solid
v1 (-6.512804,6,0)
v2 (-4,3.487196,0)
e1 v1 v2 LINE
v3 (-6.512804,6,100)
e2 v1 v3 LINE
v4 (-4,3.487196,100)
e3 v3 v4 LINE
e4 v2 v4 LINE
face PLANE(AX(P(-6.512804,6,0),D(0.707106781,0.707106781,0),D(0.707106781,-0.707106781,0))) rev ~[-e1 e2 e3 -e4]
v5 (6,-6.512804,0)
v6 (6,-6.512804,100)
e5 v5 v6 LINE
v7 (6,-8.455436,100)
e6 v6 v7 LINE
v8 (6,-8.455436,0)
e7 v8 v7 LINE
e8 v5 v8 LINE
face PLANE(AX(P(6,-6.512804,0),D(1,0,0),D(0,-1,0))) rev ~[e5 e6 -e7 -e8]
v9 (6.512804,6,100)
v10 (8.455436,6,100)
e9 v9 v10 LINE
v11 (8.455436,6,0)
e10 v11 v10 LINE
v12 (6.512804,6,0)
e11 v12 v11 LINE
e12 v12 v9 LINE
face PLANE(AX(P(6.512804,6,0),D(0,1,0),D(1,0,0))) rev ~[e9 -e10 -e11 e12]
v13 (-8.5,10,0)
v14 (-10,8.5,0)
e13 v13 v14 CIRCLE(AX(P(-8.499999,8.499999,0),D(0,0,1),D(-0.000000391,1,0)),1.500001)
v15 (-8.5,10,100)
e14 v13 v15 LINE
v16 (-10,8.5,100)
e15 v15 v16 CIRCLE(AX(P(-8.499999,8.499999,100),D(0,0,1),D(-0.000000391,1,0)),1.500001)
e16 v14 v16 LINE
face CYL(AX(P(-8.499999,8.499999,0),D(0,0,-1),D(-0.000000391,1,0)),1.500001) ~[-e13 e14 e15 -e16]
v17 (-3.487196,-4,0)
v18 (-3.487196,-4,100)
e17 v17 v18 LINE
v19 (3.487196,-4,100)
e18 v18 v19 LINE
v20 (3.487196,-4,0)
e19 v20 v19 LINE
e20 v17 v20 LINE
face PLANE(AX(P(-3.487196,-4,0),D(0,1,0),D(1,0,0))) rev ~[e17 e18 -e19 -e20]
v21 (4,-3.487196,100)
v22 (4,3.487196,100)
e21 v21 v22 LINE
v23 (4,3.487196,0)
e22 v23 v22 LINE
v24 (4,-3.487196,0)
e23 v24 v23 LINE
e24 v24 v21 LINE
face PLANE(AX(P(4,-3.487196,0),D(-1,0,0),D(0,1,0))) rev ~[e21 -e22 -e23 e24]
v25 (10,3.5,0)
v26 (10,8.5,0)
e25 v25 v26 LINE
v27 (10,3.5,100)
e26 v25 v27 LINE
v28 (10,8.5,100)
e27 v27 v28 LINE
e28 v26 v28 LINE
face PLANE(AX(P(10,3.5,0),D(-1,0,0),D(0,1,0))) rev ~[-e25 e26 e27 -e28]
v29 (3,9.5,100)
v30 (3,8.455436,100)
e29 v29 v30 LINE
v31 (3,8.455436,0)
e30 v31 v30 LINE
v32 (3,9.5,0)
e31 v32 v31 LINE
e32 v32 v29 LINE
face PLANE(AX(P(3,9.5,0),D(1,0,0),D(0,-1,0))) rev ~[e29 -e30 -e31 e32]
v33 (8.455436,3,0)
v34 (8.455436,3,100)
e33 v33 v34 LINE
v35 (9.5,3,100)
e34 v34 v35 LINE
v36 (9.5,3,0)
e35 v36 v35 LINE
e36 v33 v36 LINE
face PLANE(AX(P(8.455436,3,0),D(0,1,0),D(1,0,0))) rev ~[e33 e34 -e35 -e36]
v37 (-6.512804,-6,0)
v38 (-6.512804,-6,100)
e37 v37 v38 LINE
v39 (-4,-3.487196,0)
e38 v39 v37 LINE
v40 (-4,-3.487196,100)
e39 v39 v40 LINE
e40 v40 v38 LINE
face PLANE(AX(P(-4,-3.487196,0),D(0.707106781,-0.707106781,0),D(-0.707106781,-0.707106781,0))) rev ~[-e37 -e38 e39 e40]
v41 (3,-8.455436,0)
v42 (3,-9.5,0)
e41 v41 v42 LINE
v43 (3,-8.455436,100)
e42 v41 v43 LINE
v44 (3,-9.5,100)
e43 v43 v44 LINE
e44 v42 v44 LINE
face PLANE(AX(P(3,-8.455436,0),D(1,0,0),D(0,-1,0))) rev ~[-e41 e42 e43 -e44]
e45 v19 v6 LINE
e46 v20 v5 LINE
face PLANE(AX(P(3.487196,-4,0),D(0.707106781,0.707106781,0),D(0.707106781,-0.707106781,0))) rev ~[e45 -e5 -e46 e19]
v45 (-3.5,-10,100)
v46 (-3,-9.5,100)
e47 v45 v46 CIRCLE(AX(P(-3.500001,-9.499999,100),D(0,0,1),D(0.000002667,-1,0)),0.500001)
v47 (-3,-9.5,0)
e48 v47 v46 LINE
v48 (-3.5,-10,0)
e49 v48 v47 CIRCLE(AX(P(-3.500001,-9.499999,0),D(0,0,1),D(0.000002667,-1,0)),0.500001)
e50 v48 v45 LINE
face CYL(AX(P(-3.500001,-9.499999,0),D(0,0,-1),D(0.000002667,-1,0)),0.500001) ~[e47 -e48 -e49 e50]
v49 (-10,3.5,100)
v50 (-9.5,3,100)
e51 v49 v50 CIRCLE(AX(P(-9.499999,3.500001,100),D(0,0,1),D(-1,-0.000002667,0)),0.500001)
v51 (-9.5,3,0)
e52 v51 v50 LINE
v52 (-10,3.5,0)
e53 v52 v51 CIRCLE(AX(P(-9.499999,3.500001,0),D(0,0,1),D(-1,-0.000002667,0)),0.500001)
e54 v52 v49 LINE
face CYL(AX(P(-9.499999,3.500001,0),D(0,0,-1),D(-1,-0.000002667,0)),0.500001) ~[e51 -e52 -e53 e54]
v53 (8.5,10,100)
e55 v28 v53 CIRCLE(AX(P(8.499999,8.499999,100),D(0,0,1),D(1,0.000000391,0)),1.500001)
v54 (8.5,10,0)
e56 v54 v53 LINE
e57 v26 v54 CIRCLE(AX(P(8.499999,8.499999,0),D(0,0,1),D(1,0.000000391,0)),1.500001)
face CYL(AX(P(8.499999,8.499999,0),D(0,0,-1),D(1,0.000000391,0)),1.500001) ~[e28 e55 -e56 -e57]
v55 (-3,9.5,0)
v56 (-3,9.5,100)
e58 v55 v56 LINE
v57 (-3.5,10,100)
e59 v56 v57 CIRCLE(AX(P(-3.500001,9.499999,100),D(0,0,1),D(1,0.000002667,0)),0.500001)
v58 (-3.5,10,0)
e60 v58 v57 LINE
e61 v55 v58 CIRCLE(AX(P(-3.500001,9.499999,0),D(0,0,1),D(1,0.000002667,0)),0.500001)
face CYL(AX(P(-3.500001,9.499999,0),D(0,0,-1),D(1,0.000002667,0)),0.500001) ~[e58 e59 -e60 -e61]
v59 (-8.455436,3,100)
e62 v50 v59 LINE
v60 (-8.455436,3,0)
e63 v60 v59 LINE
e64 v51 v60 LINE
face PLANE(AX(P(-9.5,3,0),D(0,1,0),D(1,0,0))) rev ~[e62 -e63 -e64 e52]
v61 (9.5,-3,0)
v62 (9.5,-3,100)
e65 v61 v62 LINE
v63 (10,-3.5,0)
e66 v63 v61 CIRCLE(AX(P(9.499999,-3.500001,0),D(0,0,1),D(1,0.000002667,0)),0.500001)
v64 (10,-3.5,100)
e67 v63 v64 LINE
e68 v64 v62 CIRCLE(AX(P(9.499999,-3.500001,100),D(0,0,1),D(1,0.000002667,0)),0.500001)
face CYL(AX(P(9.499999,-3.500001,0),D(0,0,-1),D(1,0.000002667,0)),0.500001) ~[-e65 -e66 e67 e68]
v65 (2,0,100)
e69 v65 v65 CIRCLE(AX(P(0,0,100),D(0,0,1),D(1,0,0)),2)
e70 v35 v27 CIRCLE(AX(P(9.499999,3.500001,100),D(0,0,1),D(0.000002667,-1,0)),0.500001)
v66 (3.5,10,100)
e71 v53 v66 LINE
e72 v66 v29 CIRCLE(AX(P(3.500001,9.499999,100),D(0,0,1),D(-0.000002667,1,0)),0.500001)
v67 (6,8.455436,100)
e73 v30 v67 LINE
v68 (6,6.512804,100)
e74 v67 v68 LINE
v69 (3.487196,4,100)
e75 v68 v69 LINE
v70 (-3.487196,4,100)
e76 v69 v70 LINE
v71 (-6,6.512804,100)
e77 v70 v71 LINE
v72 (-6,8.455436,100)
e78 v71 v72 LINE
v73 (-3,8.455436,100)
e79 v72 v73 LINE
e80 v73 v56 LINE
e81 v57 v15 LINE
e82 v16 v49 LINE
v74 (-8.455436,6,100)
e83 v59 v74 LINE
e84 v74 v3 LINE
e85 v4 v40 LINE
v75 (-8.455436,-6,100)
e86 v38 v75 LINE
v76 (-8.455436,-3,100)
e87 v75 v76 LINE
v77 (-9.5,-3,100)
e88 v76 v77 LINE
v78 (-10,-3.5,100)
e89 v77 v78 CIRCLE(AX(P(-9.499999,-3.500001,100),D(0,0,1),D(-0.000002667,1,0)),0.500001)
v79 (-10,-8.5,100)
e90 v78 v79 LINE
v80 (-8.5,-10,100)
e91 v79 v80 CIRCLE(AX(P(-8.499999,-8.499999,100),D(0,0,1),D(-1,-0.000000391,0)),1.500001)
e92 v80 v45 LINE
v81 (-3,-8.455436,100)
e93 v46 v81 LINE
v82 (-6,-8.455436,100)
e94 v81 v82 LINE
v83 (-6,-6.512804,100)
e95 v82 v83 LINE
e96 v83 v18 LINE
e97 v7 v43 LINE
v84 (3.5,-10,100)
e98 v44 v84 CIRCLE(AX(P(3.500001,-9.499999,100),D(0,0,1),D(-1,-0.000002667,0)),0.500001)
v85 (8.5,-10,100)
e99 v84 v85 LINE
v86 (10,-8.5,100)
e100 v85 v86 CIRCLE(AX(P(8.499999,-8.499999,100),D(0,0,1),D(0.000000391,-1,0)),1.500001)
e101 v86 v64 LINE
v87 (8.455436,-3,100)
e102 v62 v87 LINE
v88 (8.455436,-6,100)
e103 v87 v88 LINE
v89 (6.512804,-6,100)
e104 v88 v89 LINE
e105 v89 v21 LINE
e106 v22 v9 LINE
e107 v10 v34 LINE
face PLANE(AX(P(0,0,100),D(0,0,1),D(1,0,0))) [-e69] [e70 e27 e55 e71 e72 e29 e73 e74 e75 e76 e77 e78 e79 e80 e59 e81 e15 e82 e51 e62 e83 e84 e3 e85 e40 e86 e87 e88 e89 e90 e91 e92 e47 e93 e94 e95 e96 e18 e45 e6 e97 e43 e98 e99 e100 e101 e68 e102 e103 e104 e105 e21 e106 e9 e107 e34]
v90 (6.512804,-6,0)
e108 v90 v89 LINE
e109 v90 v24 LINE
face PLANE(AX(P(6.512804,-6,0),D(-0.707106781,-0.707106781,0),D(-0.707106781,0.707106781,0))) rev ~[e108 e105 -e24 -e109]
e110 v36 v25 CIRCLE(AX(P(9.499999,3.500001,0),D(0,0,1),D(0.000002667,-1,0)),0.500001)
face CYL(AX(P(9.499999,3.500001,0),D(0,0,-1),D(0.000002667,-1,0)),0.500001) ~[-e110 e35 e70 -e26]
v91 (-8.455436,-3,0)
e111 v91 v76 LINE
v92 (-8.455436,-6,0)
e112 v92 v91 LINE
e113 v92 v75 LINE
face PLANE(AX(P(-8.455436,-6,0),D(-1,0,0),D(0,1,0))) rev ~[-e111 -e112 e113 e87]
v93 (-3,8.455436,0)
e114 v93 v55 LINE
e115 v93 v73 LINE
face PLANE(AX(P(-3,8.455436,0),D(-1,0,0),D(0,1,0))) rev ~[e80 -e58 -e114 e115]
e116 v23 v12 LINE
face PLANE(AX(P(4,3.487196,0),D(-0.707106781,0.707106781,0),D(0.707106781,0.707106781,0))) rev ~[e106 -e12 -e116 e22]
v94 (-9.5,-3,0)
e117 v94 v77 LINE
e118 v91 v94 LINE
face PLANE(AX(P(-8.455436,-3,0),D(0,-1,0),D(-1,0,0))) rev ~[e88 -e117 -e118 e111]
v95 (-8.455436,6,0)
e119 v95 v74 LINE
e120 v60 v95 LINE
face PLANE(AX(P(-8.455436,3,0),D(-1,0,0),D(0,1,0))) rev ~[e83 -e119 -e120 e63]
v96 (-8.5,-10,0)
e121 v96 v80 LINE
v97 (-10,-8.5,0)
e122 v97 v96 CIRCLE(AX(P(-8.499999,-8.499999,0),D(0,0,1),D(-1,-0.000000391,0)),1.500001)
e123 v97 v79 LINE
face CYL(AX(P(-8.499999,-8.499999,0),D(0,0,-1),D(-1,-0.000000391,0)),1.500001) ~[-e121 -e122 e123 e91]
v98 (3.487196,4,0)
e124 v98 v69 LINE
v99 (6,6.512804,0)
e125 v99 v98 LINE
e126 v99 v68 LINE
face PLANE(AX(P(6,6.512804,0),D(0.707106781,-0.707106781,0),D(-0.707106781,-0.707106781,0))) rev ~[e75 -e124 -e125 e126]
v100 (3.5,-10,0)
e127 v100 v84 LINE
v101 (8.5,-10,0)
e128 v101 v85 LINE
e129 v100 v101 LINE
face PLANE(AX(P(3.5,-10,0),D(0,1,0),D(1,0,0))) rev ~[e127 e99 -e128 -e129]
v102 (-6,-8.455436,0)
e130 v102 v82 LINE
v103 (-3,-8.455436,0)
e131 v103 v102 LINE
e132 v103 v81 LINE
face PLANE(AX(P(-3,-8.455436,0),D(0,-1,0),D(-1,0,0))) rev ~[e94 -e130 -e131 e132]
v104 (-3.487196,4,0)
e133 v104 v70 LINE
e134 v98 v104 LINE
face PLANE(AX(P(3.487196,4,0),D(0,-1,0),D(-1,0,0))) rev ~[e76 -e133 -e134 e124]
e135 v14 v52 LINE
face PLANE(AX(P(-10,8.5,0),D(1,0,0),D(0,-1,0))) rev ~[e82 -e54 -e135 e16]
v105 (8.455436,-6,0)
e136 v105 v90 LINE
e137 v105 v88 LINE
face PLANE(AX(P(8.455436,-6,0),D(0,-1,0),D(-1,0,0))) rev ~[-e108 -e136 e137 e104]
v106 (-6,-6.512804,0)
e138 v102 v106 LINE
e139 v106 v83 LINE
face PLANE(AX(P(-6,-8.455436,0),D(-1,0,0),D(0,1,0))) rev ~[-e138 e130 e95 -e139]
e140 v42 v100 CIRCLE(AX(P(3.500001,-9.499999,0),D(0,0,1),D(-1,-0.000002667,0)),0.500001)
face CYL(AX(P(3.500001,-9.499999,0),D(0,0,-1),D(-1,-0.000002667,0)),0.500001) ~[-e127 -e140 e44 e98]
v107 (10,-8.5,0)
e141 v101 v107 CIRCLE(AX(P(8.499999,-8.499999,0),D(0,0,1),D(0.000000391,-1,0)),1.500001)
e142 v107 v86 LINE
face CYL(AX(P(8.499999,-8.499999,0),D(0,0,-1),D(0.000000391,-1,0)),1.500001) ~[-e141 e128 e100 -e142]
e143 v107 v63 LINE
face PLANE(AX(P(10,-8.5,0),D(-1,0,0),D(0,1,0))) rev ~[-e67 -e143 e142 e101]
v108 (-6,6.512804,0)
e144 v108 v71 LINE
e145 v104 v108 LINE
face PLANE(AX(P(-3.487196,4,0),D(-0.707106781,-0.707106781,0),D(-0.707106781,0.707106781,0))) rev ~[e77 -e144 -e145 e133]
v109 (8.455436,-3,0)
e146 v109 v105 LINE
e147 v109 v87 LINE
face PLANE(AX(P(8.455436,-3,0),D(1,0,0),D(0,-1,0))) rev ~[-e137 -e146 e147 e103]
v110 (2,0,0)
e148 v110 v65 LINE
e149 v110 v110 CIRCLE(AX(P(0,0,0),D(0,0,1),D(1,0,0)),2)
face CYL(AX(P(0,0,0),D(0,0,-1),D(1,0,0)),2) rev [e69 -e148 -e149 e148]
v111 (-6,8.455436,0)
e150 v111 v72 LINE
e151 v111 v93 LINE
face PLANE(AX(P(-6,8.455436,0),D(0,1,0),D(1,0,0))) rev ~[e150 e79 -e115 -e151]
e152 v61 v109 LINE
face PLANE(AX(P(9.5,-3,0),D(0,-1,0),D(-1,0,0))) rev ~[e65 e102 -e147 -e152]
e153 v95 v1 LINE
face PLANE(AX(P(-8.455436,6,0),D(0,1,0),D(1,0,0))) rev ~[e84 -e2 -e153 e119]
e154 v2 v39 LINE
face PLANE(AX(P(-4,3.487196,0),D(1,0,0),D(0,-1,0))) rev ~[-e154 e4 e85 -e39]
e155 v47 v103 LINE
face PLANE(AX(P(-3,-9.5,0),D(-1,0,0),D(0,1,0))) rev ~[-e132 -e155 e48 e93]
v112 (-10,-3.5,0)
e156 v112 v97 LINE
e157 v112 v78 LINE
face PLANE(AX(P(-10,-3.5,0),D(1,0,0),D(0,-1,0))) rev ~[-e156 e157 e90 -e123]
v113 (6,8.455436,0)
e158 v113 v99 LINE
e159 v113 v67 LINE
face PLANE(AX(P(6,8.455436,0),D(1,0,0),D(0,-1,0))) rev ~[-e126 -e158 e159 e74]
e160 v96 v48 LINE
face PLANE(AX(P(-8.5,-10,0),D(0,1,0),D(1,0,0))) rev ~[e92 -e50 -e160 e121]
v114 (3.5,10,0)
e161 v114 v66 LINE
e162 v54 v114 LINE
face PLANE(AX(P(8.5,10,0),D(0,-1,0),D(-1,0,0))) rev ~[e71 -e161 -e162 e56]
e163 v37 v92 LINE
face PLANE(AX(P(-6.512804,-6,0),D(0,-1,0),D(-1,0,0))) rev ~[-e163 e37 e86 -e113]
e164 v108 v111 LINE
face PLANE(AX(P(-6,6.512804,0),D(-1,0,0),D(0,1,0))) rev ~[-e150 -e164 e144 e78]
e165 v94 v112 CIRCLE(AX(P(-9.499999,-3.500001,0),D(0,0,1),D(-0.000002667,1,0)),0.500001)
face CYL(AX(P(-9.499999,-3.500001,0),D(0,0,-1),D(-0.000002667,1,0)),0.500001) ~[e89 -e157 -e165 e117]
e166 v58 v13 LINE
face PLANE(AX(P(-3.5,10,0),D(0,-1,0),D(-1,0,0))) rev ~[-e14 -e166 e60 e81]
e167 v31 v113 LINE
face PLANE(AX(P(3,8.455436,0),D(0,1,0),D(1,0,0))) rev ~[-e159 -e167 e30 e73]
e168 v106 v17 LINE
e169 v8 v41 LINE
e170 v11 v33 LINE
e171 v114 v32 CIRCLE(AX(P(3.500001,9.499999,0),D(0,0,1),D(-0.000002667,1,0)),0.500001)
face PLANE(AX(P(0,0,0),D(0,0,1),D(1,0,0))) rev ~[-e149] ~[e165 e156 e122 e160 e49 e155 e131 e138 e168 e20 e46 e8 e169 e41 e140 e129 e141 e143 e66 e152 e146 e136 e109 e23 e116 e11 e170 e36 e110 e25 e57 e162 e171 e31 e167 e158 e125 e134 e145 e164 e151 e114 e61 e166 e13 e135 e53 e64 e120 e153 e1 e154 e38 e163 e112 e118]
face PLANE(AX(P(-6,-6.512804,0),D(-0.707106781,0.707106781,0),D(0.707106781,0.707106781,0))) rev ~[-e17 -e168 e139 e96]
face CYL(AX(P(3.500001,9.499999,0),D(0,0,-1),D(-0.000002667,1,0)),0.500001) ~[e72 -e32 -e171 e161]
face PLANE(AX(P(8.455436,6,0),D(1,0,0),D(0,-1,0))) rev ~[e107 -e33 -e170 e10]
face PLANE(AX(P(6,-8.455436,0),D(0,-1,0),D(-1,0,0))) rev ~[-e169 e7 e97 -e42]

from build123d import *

# Parameters (mm, degrees)
F0_R     = 2
F1_DEPTH = 100


with BuildPart() as f1:
    # F0 (on Top) → F1 (new body)
    with BuildSketch(Plane.XY):
        with BuildLine():
            Line((8.455436, 3), (9.5, 3))
            ThreePointArc((9.5, 3), (9.853553, 3.146447), (10, 3.5))
            Line((10, 3.5), (10, 8.5))
            ThreePointArc((10, 8.5), (9.56066, 9.56066), (8.5, 10))
            Line((8.5, 10), (3.5, 10))
            ThreePointArc((3.5, 10), (3.146447, 9.853553), (3, 9.5))
            Line((3, 9.5), (3, 8.455436))
            Line((3, 8.455436), (6, 8.455436))
            Line((6, 8.455436), (6, 6.512804))
            Line((6, 6.512804), (3.487196, 4))
            Line((3.487196, 4), (0, 4))
            Line((0, 4), (-3.487196, 4))
            Line((-3.487196, 4), (-6, 6.512804))
            Line((-6, 6.512804), (-6, 8.455436))
            Line((-6, 8.455436), (-3, 8.455436))
            Line((-3, 8.455436), (-3, 9.5))
            ThreePointArc((-3, 9.5), (-3.146447, 9.853553), (-3.5, 10))
            Line((-3.5, 10), (-8.5, 10))
            ThreePointArc((-8.5, 10), (-9.56066, 9.56066), (-10, 8.5))
            Line((-10, 8.5), (-10, 3.5))
            ThreePointArc((-10, 3.5), (-9.853553, 3.146447), (-9.5, 3))
            Line((-9.5, 3), (-8.455436, 3))
            Line((-8.455436, 3), (-8.455436, 6))
            Line((-8.455436, 6), (-6.512804, 6))
            Line((-6.512804, 6), (-4, 3.487196))
            Line((-4, 3.487196), (-4, 0))
            Line((-4, 0), (-4, -3.487196))
            Line((-4, -3.487196), (-6.512804, -6))
            Line((-6.512804, -6), (-8.455436, -6))
            Line((-8.455436, -6), (-8.455436, -3))
            Line((-8.455436, -3), (-9.5, -3))
            ThreePointArc((-9.5, -3), (-9.853553, -3.146447), (-10, -3.5))
            Line((-10, -3.5), (-10, -8.5))
            ThreePointArc((-10, -8.5), (-9.56066, -9.56066), (-8.5, -10))
            Line((-8.5, -10), (-3.5, -10))
            ThreePointArc((-3.5, -10), (-3.146447, -9.853553), (-3, -9.5))
            Line((-3, -9.5), (-3, -8.455436))
            Line((-3, -8.455436), (-6, -8.455436))
            Line((-6, -8.455436), (-6, -6.512804))
            Line((-6, -6.512804), (-3.487196, -4))
            Line((-3.487196, -4), (0, -4))
            Line((0, -4), (3.487196, -4))
            Line((3.487196, -4), (6, -6.512804))
            Line((6, -6.512804), (6, -8.455436))
            Line((6, -8.455436), (3, -8.455436))
            Line((3, -8.455436), (3, -9.5))
            ThreePointArc((3, -9.5), (3.146447, -9.853553), (3.5, -10))
            Line((3.5, -10), (8.5, -10))
            ThreePointArc((8.5, -10), (9.56066, -9.56066), (10, -8.5))
            Line((10, -8.5), (10, -3.5))
            ThreePointArc((10, -3.5), (9.853553, -3.146447), (9.5, -3))
            Line((9.5, -3), (8.455436, -3))
            Line((8.455436, -3), (8.455436, -6))
            Line((8.455436, -6), (6.512804, -6))
            Line((6.512804, -6), (4, -3.487196))
            Line((4, -3.487196), (4, 0))
            Line((4, 0), (4, 3.487196))
            Line((4, 3.487196), (6.512804, 6))
            Line((6.512804, 6), (8.455436, 6))
            Line((8.455436, 6), (8.455436, 3))
        make_face()
        Circle(F0_R, mode=Mode.SUBTRACT)
    extrude(amount=F1_DEPTH)


solid = f1.part
